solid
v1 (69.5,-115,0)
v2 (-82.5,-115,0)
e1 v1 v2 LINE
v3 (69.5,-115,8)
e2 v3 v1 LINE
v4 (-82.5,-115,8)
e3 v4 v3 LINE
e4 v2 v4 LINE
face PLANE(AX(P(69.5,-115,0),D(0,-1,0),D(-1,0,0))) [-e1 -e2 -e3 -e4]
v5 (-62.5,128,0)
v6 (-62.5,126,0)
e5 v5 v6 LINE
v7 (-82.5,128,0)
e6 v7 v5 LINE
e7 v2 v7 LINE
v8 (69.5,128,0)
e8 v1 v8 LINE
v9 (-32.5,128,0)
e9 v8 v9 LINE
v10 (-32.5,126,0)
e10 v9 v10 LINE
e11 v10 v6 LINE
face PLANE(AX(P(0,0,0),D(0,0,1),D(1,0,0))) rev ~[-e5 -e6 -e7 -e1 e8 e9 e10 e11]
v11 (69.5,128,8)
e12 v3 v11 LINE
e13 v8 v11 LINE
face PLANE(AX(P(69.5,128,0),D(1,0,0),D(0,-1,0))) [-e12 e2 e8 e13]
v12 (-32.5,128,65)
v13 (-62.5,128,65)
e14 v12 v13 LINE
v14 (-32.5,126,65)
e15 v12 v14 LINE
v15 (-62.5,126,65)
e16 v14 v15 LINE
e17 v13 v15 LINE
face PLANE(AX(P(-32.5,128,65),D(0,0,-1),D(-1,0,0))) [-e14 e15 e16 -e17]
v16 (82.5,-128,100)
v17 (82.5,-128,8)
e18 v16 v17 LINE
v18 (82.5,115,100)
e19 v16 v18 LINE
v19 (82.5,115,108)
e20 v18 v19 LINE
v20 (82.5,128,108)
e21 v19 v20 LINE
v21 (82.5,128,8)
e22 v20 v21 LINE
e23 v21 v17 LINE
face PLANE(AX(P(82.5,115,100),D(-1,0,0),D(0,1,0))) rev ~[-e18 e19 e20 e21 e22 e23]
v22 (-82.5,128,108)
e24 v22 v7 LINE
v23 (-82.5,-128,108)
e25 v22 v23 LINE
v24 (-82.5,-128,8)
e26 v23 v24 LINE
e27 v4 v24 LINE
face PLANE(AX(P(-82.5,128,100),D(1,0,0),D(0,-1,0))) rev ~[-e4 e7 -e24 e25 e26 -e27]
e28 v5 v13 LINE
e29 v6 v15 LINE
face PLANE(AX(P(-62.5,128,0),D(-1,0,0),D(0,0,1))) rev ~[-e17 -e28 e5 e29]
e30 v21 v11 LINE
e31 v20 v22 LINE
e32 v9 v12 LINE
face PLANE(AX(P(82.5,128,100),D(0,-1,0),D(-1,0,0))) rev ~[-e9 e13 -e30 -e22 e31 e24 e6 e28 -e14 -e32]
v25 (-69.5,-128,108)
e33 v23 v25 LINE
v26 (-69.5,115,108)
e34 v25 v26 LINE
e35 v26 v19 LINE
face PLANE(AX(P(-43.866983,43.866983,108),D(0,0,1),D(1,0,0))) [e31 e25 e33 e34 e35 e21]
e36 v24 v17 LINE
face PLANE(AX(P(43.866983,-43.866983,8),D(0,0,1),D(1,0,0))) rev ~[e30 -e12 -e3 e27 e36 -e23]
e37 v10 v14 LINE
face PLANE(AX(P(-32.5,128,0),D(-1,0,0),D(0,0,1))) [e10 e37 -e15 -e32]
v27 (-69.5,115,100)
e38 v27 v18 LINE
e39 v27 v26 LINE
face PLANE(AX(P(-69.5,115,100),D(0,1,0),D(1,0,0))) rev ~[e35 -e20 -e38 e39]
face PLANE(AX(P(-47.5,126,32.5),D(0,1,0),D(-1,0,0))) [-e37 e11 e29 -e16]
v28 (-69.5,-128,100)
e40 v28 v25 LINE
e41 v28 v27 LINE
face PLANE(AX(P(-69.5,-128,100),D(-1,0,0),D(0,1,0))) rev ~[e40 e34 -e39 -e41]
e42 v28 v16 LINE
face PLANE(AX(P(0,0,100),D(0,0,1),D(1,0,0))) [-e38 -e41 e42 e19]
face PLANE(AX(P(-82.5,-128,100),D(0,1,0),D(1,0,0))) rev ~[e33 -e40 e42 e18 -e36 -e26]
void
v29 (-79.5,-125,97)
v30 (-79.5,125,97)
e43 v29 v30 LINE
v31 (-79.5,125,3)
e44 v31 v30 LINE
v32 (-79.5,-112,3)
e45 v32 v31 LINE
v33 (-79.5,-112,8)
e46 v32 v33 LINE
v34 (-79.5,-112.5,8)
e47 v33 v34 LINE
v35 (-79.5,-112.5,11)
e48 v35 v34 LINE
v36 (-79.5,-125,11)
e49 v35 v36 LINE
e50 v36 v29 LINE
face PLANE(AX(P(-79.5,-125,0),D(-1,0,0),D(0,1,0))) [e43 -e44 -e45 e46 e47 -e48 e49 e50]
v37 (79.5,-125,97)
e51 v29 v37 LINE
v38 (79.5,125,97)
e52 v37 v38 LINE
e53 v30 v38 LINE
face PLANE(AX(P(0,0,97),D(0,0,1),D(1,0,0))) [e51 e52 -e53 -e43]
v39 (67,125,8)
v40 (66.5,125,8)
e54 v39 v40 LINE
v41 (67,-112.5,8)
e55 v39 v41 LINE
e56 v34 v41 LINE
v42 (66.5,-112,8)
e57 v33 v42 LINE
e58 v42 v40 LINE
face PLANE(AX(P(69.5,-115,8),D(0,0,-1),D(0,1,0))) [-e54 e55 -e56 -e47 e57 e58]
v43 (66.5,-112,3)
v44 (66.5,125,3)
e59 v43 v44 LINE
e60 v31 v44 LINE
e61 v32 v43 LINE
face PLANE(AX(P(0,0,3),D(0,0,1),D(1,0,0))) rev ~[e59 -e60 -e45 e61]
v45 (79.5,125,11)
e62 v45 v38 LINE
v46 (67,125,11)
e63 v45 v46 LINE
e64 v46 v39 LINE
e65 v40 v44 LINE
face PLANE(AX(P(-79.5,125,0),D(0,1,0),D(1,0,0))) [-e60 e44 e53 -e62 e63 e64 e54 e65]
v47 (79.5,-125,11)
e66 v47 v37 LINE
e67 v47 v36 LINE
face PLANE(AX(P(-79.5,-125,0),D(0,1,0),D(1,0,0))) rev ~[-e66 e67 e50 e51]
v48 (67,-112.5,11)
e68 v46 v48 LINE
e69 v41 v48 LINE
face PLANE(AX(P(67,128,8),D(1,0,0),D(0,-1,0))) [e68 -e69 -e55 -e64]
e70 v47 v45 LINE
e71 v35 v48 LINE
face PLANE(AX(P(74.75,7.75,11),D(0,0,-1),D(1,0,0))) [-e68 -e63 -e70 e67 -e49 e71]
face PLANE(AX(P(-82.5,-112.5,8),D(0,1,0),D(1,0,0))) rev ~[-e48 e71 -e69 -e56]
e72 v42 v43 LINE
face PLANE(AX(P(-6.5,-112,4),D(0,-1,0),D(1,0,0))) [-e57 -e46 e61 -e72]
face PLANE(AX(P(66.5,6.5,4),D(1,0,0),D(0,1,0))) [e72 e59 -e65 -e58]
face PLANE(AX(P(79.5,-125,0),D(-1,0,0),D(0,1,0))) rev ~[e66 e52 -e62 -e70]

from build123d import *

# Parameters (mm, degrees)
F0_W      = 165
F0_H      = 256
F0_W_2    = 159
F0_H_2    = 250
F1_DEPTH  = 100
F2_W      = 165
F2_H      = 256
F3_DEPTH  = 3
F4_W      = 165
F4_H      = 256
F5_DEPTH  = 3
F7_DEPTH  = 8
F9_DEPTH  = 8
F10_W     = 30
F10_H     = 65
F11_DEPTH = 2
F12_W     = 243
F12_H     = 8
F13_DEPTH = 3
F14_W     = 152
F14_H     = 8
F15_DEPTH = 3
F16_W     = 165
F16_H     = 15.5
F17_DEPTH = 3
F18_W     = 15.5
F18_H     = 240.5
F19_DEPTH = 3


with BuildPart() as f1:
    # F0 (on Top) → F1 (new body)
    with BuildSketch(Plane.XY):
        Rectangle(F0_W, F0_H)
        Rectangle(F0_W_2, F0_H_2, mode=Mode.SUBTRACT)
    extrude(amount=F1_DEPTH)

    # F2 (on face) → F3 (join)
    with BuildSketch(Plane.XY):
        Rectangle(F2_W, F2_H)
    extrude(amount=F3_DEPTH)

    # F4 (on face) → F5 (join)
    with BuildSketch(Plane.XY.offset(100)):
        Rectangle(F4_W, F4_H)
    extrude(amount=-F5_DEPTH)

    # F6 (on face) → F7 (join)
    with BuildSketch(Plane.XY.offset(100)):
        Polygon((-82.5, 128), (-82.5, -128), (-69.5, -128), (-69.5, 115), (82.5, 115), (82.5, 128), (-69.5, 128), (-73.5, 128), align=None)
    extrude(amount=F7_DEPTH)

    # F8 (on Top) → F9 (cut)
    with BuildSketch(Plane.XY):
        Polygon((-82.5, -128), (82.5, -128), (82.5, -115), (82.5, 128), (69.5, 128), (69.5, -115), (-82.5, -115), align=None)
    extrude(amount=F9_DEPTH, mode=Mode.SUBTRACT)

    # F10 (on face) → F11 (cut)
    with BuildSketch(Plane(origin=(0, 128, 0), x_dir=(-1, 0, 0), z_dir=(0, 1, 0))):
        with Locations((47.5, 32.5)):
            Rectangle(F10_W, F10_H)
    extrude(amount=-F11_DEPTH, mode=Mode.SUBTRACT)

    # F12 (on face) → F13 (join)
    with BuildSketch(Plane.YZ.offset(69.5)):
        with Locations((6.5, 4)):
            Rectangle(F12_W, F12_H)
    extrude(amount=-F13_DEPTH)

    # F14 (on face) → F15 (join)
    with BuildSketch(Plane.XZ.offset(115)):
        with Locations((-6.5, 4)):
            Rectangle(F14_W, F14_H)
    extrude(amount=-F15_DEPTH)

    # F16 (on face) → F17 (join)
    with BuildSketch(Plane(origin=(0, 0, 8), x_dir=(1, 0, 0), z_dir=(0, 0, -1))):
        with Locations((0, 120.25)):
            Rectangle(F16_W, F16_H)
    extrude(amount=-F17_DEPTH)

    # F18 (on face) → F19 (join)
    with BuildSketch(Plane(origin=(0, 0, 8), x_dir=(1, 0, 0), z_dir=(0, 0, -1))):
        with Locations((74.75, -7.75)):
            Rectangle(F18_W, F18_H)
    extrude(amount=-F19_DEPTH)


solid = f1.part
